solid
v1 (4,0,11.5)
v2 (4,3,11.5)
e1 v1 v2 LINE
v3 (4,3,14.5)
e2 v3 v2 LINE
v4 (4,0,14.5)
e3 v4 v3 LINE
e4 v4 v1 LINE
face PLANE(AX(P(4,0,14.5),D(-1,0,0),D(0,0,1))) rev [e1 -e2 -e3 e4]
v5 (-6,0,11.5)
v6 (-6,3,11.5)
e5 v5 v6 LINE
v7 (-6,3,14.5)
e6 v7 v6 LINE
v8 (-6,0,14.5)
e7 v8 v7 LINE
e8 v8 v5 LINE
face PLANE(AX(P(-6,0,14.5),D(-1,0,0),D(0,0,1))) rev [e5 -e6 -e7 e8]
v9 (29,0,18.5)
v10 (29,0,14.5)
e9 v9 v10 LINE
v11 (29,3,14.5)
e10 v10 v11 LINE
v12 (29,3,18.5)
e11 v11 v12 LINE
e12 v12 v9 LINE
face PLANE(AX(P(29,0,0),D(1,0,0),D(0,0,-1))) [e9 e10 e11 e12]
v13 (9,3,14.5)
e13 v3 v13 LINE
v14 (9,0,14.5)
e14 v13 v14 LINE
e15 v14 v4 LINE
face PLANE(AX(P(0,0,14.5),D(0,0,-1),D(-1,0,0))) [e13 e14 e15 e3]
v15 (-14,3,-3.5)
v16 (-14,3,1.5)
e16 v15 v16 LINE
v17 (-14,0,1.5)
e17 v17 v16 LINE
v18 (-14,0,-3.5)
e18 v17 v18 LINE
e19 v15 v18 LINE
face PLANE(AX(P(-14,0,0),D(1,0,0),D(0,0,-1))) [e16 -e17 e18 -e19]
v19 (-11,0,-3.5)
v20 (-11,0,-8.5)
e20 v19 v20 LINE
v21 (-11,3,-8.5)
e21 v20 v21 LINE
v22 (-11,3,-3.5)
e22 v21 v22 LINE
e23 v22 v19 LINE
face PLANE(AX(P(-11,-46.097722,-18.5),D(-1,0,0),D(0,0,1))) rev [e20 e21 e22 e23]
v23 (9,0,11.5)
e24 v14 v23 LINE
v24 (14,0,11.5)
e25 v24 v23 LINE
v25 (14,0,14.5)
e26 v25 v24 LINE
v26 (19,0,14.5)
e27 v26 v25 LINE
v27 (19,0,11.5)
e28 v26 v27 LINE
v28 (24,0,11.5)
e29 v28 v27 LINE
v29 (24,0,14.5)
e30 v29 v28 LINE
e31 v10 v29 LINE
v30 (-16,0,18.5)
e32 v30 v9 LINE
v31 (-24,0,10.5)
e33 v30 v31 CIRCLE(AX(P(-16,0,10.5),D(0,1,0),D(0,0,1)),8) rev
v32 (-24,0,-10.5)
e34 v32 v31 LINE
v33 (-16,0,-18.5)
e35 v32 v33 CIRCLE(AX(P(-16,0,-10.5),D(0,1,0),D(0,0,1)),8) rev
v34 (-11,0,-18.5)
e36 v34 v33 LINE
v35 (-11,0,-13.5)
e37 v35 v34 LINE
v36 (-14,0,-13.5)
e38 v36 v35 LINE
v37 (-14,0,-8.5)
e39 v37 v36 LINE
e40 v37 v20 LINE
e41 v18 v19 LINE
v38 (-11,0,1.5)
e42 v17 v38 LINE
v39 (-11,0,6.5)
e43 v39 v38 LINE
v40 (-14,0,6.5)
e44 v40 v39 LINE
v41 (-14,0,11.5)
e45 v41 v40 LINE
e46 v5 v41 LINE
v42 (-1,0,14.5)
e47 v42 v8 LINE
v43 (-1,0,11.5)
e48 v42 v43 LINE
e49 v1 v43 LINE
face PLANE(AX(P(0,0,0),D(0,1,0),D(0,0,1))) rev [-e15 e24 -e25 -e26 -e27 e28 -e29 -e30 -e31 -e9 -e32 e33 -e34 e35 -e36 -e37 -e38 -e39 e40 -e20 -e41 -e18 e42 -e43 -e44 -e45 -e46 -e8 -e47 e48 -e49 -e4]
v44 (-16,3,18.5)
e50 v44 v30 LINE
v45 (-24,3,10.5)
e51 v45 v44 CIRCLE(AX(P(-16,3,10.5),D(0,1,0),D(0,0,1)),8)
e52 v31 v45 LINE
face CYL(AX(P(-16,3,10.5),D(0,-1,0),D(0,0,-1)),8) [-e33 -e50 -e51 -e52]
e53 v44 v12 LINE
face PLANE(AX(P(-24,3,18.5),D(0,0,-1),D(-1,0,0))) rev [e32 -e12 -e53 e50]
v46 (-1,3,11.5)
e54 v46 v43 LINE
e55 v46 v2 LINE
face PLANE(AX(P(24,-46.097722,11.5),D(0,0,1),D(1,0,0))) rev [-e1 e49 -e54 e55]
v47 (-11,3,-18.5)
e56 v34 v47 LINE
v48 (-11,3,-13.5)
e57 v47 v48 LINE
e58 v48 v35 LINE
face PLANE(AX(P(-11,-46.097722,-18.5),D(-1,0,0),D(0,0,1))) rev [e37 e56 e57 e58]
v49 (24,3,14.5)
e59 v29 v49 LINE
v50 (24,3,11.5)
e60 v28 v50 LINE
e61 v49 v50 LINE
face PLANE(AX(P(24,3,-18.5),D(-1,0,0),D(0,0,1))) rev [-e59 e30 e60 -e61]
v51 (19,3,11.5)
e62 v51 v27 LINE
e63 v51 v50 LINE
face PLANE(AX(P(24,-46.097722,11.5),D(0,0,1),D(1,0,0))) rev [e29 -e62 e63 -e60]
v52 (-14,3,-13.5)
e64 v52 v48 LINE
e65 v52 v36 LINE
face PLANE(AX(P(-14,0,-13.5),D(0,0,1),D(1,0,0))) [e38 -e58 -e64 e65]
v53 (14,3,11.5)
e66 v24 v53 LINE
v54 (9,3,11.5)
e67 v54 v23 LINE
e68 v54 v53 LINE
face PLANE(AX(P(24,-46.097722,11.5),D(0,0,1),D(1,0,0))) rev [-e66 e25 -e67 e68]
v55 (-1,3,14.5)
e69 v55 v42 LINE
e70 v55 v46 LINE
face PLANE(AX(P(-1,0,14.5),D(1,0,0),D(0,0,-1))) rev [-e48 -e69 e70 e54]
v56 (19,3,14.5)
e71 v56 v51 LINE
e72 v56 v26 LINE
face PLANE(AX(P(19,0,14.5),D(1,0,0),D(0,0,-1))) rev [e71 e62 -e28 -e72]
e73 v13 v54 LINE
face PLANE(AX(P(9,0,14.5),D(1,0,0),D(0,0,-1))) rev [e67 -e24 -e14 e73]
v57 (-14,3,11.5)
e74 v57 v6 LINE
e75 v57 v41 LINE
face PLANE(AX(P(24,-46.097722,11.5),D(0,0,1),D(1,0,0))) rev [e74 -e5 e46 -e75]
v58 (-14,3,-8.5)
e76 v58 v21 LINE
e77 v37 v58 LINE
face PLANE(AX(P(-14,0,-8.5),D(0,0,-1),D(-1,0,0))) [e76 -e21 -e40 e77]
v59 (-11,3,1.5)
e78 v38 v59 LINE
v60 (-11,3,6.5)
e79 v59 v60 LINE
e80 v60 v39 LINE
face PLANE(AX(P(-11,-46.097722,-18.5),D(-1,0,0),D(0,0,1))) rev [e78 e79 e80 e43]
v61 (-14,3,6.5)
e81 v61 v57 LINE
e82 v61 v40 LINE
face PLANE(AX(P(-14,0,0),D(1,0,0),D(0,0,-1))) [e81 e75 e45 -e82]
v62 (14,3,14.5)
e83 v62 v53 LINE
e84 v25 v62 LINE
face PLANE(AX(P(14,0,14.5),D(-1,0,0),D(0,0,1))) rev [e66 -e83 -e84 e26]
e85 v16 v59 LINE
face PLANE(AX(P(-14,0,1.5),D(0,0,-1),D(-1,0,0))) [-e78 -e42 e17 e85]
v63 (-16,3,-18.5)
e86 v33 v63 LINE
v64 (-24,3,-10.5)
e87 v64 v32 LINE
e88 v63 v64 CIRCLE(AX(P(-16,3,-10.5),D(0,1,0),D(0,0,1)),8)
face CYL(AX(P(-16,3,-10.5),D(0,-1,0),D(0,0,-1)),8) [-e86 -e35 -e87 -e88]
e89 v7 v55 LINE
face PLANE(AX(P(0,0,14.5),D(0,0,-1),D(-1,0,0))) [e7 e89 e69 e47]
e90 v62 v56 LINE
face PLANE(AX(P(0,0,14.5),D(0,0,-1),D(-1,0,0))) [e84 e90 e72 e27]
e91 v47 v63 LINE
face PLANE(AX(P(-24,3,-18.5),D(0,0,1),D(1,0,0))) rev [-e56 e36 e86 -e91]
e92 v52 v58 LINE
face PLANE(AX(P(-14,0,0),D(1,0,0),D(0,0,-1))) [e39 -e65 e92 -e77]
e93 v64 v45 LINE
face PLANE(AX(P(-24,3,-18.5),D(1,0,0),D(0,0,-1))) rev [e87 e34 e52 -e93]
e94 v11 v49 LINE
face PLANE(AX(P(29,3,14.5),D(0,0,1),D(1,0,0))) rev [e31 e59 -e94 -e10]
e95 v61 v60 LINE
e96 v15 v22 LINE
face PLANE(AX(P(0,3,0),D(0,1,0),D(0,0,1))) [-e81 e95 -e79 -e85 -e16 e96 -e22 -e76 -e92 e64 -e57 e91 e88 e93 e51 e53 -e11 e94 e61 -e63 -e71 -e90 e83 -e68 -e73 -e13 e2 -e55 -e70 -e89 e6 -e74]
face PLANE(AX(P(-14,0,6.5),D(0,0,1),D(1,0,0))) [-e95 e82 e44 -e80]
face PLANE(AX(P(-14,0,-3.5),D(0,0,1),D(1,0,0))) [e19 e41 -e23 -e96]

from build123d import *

# Parameters (mm, degrees)
SKETCH1_W           = 48
SKETCH1_H           = 37
BOSS_EXTRUDE1_DEPTH = 3
SKETCH3_W           = 35
SKETCH3_H           = 30
CUT_EXTRUDE1_DEPTH  = 3
SKETCH5_W           = 5
SKETCH5_H           = 3
CUT_EXTRUDE2_DEPTH  = 3
SKETCH4_W           = 5
SKETCH4_H           = 3
CUT_EXTRUDE3_DEPTH  = 3
SKETCH6_W           = 4
SKETCH6_H           = 3
BOSS_EXTRUDE2_DEPTH = 5
FILLET2_R           = 8


with BuildPart() as part:
    # Sketch1 → Boss-Extrude1 (new body)
    with BuildSketch(Plane(origin=(0, 0, 0), x_dir=(1, 0, 0), z_dir=(0, 1, 0))):
        Rectangle(SKETCH1_W, SKETCH1_H)
    extrude(amount=BOSS_EXTRUDE1_DEPTH)

    # Sketch3 → Cut-Extrude1 (cut)
    with BuildSketch(Plane(origin=(0, 3, 0), x_dir=(1, 0, 0), z_dir=(0, 1, 0))):
        with Locations((6.5, 3.5)):
            Rectangle(SKETCH3_W, SKETCH3_H)
    extrude(amount=-CUT_EXTRUDE1_DEPTH, mode=Mode.SUBTRACT)

    # Sketch5 → Cut-Extrude2 (cut)
    with BuildSketch(Plane(origin=(-11, 0, 0), x_dir=(0, 0, -1), z_dir=(1, 0, 0))):
        with Locations((11, 1.5)):
            Rectangle(SKETCH5_W, SKETCH5_H)
        with Locations((1, 1.5)):
            Rectangle(SKETCH5_W, SKETCH5_H)
        with Locations((-9, 1.5)):
            Rectangle(SKETCH5_W, SKETCH5_H)
    extrude(amount=-CUT_EXTRUDE2_DEPTH, mode=Mode.SUBTRACT)

    # Sketch4 → Cut-Extrude3 (cut)
    with BuildSketch(Plane(origin=(0, 0, 11.5), x_dir=(-1, 0, 0), z_dir=(0, 0, -1))):
        with Locations((-16.5, 1.5)):
            Rectangle(SKETCH4_W, SKETCH4_H)
        with Locations((-6.5, 1.5)):
            Rectangle(SKETCH4_W, SKETCH4_H)
        with Locations((3.5, 1.5)):
            Rectangle(SKETCH4_W, SKETCH4_H)
    extrude(amount=-CUT_EXTRUDE3_DEPTH, mode=Mode.SUBTRACT)

    # Sketch6 → Boss-Extrude2 (add)
    with BuildSketch(Plane(origin=(24, 0, 0), x_dir=(0, 0, -1), z_dir=(1, 0, 0))):
        with Locations((-16.5, 1.5)):
            Rectangle(SKETCH6_W, SKETCH6_H)
    extrude(amount=BOSS_EXTRUDE2_DEPTH)

    # Fillet2
    fillet2_edges = [part.edges().sort_by_distance(p)[0] for p in [
        (-24, 1.5, 18.5),
        (-24, 1.5, -18.5),
    ]]
    fillet(fillet2_edges, radius=FILLET2_R)


solid = part.part
